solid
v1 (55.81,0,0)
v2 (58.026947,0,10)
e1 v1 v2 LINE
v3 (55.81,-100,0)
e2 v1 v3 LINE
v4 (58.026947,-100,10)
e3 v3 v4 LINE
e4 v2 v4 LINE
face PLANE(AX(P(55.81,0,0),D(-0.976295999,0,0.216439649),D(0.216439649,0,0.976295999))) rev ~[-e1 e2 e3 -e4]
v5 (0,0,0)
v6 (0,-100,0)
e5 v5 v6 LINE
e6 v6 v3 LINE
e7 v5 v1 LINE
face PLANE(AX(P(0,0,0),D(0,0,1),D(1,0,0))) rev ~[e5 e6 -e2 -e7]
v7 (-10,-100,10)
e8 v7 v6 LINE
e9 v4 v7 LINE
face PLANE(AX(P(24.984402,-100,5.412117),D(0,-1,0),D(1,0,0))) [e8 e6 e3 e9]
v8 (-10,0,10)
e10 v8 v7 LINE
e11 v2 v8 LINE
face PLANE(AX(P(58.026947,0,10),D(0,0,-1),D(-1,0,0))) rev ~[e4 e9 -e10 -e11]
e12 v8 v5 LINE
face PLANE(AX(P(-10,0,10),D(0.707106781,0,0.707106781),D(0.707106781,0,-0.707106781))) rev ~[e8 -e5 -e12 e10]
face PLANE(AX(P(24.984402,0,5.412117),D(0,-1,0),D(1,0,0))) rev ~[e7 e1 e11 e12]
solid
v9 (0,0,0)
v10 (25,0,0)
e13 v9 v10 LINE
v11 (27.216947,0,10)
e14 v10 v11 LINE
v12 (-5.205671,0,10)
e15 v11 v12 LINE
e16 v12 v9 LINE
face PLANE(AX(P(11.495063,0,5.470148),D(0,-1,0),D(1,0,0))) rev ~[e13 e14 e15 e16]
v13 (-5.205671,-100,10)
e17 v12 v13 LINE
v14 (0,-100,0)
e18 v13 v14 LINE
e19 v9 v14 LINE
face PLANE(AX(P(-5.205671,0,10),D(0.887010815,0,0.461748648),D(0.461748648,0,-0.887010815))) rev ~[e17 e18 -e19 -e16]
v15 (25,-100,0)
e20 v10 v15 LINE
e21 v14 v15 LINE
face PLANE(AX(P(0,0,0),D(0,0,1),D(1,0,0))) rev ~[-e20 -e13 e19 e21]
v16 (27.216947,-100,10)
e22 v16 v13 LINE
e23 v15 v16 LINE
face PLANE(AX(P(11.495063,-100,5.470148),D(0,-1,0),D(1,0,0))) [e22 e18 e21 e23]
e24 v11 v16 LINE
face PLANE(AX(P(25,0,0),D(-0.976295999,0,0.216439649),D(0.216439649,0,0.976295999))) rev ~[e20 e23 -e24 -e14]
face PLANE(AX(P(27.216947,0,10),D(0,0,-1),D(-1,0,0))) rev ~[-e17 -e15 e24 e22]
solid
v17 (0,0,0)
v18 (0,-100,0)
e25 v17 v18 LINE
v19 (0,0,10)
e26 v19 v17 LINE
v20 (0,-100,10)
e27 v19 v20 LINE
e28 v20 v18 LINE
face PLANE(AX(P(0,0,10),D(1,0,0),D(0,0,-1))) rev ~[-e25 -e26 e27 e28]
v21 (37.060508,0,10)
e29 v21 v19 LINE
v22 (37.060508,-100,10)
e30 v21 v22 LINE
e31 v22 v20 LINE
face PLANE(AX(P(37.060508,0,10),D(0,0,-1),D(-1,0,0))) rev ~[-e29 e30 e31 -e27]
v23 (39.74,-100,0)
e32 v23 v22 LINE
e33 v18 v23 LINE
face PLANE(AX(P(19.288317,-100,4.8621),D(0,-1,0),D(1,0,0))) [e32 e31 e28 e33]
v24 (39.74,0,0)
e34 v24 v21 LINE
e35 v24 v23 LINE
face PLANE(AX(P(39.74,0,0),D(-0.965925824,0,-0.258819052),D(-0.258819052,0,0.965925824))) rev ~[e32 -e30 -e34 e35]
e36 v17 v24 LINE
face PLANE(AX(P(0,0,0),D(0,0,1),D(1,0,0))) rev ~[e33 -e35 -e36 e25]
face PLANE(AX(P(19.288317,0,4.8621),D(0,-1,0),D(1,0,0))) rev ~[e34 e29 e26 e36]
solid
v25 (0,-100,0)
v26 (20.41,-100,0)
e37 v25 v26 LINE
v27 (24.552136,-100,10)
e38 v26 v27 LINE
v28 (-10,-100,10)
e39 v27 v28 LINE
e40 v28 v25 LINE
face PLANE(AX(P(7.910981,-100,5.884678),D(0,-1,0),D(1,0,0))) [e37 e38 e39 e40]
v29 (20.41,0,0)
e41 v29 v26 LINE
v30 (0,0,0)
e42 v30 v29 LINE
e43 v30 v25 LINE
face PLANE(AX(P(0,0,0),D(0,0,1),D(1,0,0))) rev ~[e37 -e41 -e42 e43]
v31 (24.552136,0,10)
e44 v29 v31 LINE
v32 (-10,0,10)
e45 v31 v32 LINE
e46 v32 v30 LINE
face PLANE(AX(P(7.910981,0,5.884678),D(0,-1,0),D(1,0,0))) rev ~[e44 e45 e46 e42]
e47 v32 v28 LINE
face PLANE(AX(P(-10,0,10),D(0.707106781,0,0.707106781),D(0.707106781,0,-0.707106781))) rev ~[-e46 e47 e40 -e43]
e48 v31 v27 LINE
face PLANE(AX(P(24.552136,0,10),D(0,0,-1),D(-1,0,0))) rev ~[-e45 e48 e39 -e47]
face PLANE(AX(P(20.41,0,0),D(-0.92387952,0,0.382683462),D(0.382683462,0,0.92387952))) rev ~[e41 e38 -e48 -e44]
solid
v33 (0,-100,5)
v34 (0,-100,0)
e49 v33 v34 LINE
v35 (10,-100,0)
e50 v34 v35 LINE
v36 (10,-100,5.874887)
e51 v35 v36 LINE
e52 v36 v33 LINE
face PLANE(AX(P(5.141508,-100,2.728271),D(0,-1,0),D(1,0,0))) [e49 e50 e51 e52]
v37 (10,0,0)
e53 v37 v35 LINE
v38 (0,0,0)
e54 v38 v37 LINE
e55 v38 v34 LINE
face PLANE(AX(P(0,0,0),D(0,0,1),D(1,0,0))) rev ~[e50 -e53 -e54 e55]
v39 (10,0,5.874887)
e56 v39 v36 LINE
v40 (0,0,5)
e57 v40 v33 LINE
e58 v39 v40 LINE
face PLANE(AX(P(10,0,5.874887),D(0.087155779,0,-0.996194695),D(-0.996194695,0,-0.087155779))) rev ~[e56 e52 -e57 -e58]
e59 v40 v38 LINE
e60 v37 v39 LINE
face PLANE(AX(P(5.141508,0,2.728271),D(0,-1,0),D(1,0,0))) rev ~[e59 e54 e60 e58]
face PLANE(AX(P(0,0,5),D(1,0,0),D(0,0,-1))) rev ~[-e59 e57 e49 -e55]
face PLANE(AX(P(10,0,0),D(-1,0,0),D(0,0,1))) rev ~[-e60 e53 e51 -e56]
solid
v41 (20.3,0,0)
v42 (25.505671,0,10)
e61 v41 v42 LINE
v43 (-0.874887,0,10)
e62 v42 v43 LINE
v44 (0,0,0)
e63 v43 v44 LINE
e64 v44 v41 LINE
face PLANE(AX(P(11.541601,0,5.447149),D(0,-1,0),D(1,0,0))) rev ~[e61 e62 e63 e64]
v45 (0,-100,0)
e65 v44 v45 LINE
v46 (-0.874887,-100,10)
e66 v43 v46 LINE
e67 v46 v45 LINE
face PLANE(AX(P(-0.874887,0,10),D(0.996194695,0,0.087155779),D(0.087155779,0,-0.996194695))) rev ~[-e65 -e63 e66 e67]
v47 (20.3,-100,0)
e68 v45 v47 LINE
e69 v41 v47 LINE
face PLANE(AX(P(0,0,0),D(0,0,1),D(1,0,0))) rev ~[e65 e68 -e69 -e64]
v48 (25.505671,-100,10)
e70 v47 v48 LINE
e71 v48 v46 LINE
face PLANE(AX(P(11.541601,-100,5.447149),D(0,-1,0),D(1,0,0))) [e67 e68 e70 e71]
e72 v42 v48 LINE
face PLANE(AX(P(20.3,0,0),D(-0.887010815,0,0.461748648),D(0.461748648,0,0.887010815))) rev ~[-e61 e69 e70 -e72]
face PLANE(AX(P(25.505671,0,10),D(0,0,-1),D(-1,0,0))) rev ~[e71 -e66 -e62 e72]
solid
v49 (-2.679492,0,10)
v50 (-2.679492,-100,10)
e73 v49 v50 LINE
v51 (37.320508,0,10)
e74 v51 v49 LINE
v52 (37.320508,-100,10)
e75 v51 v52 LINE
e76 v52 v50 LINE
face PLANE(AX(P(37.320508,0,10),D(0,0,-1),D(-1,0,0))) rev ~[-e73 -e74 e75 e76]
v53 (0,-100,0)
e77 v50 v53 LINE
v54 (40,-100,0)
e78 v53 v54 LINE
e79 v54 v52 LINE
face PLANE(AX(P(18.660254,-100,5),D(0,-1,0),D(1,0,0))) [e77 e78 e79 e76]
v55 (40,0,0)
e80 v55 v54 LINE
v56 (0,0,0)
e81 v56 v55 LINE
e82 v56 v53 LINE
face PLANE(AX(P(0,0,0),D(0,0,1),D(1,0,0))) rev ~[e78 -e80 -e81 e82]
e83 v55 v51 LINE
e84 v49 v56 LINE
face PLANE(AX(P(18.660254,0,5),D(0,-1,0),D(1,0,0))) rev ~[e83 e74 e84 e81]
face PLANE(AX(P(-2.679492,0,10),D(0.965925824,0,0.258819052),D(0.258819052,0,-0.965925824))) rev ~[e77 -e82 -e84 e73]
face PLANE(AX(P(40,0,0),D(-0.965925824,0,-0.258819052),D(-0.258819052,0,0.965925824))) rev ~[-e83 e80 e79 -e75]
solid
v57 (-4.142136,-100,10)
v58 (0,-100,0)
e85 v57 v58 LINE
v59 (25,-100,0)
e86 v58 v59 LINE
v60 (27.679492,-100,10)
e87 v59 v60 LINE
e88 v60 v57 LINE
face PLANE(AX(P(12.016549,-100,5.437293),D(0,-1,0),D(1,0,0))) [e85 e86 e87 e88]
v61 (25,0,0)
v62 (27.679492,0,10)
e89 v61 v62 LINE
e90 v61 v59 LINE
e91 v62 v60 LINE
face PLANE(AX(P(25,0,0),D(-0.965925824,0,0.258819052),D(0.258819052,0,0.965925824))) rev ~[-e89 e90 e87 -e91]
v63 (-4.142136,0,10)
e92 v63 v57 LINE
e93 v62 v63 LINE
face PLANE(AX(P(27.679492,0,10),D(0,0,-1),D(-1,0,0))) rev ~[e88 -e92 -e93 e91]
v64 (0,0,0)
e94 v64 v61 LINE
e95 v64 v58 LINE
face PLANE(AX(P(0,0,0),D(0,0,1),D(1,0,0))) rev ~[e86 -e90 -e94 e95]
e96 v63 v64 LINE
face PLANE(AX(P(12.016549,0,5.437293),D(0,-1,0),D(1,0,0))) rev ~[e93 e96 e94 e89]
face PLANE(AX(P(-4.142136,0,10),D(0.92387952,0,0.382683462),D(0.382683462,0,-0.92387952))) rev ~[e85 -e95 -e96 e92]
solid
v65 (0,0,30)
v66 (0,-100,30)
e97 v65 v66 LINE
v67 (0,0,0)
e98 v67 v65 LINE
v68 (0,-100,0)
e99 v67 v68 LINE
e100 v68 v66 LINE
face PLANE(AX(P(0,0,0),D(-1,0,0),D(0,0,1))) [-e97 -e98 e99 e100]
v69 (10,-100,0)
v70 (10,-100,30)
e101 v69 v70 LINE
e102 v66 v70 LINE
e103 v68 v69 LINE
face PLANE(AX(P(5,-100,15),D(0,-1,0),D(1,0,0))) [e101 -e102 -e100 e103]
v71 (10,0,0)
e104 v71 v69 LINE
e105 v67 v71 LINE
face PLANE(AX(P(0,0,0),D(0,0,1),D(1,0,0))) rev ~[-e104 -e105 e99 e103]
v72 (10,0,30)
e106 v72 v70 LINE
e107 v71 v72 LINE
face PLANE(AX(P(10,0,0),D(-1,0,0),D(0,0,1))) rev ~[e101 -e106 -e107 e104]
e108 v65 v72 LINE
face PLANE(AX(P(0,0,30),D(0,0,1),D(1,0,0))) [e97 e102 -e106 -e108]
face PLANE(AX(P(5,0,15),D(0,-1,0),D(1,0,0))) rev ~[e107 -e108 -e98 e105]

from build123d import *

# Parameters (mm, degrees)
F0_W      = 10
F0_H      = 30
F1_DEPTH  = 100
F3_DEPTH  = 100
F5_DEPTH  = 100
F7_DEPTH  = 100
F9_DEPTH  = 100
F11_DEPTH = 100
F13_DEPTH = 100
F15_DEPTH = 100
F17_DEPTH = 100


with BuildPart() as f1:
    # F0 (on Front) → F1 (new body)
    with BuildSketch(Plane.XZ):
        with Locations((5, 15)):
            Rectangle(F0_W, F0_H)
    extrude(amount=F1_DEPTH)


with BuildPart() as f3:
    # F2 (on Front) → F3 (new body)
    with BuildSketch(Plane.XZ):
        Polygon((0, 10), (0, 0), (39.74, 0), (37.060508, 10), align=None)
    extrude(amount=F3_DEPTH)


with BuildPart() as f5:
    # F4 (on Front) → F5 (new body)
    with BuildSketch(Plane.XZ):
        Polygon((-4.142136, 10), (0, 0), (25, 0), (27.679492, 10), align=None)
    extrude(amount=F5_DEPTH)


with BuildPart() as f7:
    # F6 (on Front) → F7 (new body)
    with BuildSketch(Plane.XZ):
        Polygon((-2.679492, 10), (0, 0), (40, 0), (37.320508, 10), align=None)
    extrude(amount=F7_DEPTH)


with BuildPart() as f9:
    # F8 (on Front) → F9 (new body)
    with BuildSketch(Plane.XZ):
        Polygon((-10, 10), (0, 0), (20.41, 0), (24.552136, 10), align=None)
    extrude(amount=F9_DEPTH)


with BuildPart() as f11:
    # F10 (on Front) → F11 (new body)
    with BuildSketch(Plane.XZ):
        Polygon((-10, 10), (0, 0), (55.81, 0), (58.026947, 10), align=None)
    extrude(amount=F11_DEPTH)


with BuildPart() as f13:
    # F12 (on Front) → F13 (new body)
    with BuildSketch(Plane.XZ):
        Polygon((-5.205671, 10), (0, 0), (25, 0), (27.216947, 10), align=None)
    extrude(amount=F13_DEPTH)


with BuildPart() as f15:
    # F14 (on Front) → F15 (new body)
    with BuildSketch(Plane.XZ):
        Polygon((-0.874887, 10), (0, 0), (20.3, 0), (25.505671, 10), align=None)
    extrude(amount=F15_DEPTH)


with BuildPart() as f17:
    # F16 (on Front) → F17 (new body)
    with BuildSketch(Plane.XZ):
        Polygon((0, 5), (0, 0), (10, 0), (10, 5.874887), align=None)
    extrude(amount=F17_DEPTH)


solid = Compound([f1.part, f3.part, f5.part, f7.part, f9.part, f11.part, f13.part, f15.part, f17.part])
